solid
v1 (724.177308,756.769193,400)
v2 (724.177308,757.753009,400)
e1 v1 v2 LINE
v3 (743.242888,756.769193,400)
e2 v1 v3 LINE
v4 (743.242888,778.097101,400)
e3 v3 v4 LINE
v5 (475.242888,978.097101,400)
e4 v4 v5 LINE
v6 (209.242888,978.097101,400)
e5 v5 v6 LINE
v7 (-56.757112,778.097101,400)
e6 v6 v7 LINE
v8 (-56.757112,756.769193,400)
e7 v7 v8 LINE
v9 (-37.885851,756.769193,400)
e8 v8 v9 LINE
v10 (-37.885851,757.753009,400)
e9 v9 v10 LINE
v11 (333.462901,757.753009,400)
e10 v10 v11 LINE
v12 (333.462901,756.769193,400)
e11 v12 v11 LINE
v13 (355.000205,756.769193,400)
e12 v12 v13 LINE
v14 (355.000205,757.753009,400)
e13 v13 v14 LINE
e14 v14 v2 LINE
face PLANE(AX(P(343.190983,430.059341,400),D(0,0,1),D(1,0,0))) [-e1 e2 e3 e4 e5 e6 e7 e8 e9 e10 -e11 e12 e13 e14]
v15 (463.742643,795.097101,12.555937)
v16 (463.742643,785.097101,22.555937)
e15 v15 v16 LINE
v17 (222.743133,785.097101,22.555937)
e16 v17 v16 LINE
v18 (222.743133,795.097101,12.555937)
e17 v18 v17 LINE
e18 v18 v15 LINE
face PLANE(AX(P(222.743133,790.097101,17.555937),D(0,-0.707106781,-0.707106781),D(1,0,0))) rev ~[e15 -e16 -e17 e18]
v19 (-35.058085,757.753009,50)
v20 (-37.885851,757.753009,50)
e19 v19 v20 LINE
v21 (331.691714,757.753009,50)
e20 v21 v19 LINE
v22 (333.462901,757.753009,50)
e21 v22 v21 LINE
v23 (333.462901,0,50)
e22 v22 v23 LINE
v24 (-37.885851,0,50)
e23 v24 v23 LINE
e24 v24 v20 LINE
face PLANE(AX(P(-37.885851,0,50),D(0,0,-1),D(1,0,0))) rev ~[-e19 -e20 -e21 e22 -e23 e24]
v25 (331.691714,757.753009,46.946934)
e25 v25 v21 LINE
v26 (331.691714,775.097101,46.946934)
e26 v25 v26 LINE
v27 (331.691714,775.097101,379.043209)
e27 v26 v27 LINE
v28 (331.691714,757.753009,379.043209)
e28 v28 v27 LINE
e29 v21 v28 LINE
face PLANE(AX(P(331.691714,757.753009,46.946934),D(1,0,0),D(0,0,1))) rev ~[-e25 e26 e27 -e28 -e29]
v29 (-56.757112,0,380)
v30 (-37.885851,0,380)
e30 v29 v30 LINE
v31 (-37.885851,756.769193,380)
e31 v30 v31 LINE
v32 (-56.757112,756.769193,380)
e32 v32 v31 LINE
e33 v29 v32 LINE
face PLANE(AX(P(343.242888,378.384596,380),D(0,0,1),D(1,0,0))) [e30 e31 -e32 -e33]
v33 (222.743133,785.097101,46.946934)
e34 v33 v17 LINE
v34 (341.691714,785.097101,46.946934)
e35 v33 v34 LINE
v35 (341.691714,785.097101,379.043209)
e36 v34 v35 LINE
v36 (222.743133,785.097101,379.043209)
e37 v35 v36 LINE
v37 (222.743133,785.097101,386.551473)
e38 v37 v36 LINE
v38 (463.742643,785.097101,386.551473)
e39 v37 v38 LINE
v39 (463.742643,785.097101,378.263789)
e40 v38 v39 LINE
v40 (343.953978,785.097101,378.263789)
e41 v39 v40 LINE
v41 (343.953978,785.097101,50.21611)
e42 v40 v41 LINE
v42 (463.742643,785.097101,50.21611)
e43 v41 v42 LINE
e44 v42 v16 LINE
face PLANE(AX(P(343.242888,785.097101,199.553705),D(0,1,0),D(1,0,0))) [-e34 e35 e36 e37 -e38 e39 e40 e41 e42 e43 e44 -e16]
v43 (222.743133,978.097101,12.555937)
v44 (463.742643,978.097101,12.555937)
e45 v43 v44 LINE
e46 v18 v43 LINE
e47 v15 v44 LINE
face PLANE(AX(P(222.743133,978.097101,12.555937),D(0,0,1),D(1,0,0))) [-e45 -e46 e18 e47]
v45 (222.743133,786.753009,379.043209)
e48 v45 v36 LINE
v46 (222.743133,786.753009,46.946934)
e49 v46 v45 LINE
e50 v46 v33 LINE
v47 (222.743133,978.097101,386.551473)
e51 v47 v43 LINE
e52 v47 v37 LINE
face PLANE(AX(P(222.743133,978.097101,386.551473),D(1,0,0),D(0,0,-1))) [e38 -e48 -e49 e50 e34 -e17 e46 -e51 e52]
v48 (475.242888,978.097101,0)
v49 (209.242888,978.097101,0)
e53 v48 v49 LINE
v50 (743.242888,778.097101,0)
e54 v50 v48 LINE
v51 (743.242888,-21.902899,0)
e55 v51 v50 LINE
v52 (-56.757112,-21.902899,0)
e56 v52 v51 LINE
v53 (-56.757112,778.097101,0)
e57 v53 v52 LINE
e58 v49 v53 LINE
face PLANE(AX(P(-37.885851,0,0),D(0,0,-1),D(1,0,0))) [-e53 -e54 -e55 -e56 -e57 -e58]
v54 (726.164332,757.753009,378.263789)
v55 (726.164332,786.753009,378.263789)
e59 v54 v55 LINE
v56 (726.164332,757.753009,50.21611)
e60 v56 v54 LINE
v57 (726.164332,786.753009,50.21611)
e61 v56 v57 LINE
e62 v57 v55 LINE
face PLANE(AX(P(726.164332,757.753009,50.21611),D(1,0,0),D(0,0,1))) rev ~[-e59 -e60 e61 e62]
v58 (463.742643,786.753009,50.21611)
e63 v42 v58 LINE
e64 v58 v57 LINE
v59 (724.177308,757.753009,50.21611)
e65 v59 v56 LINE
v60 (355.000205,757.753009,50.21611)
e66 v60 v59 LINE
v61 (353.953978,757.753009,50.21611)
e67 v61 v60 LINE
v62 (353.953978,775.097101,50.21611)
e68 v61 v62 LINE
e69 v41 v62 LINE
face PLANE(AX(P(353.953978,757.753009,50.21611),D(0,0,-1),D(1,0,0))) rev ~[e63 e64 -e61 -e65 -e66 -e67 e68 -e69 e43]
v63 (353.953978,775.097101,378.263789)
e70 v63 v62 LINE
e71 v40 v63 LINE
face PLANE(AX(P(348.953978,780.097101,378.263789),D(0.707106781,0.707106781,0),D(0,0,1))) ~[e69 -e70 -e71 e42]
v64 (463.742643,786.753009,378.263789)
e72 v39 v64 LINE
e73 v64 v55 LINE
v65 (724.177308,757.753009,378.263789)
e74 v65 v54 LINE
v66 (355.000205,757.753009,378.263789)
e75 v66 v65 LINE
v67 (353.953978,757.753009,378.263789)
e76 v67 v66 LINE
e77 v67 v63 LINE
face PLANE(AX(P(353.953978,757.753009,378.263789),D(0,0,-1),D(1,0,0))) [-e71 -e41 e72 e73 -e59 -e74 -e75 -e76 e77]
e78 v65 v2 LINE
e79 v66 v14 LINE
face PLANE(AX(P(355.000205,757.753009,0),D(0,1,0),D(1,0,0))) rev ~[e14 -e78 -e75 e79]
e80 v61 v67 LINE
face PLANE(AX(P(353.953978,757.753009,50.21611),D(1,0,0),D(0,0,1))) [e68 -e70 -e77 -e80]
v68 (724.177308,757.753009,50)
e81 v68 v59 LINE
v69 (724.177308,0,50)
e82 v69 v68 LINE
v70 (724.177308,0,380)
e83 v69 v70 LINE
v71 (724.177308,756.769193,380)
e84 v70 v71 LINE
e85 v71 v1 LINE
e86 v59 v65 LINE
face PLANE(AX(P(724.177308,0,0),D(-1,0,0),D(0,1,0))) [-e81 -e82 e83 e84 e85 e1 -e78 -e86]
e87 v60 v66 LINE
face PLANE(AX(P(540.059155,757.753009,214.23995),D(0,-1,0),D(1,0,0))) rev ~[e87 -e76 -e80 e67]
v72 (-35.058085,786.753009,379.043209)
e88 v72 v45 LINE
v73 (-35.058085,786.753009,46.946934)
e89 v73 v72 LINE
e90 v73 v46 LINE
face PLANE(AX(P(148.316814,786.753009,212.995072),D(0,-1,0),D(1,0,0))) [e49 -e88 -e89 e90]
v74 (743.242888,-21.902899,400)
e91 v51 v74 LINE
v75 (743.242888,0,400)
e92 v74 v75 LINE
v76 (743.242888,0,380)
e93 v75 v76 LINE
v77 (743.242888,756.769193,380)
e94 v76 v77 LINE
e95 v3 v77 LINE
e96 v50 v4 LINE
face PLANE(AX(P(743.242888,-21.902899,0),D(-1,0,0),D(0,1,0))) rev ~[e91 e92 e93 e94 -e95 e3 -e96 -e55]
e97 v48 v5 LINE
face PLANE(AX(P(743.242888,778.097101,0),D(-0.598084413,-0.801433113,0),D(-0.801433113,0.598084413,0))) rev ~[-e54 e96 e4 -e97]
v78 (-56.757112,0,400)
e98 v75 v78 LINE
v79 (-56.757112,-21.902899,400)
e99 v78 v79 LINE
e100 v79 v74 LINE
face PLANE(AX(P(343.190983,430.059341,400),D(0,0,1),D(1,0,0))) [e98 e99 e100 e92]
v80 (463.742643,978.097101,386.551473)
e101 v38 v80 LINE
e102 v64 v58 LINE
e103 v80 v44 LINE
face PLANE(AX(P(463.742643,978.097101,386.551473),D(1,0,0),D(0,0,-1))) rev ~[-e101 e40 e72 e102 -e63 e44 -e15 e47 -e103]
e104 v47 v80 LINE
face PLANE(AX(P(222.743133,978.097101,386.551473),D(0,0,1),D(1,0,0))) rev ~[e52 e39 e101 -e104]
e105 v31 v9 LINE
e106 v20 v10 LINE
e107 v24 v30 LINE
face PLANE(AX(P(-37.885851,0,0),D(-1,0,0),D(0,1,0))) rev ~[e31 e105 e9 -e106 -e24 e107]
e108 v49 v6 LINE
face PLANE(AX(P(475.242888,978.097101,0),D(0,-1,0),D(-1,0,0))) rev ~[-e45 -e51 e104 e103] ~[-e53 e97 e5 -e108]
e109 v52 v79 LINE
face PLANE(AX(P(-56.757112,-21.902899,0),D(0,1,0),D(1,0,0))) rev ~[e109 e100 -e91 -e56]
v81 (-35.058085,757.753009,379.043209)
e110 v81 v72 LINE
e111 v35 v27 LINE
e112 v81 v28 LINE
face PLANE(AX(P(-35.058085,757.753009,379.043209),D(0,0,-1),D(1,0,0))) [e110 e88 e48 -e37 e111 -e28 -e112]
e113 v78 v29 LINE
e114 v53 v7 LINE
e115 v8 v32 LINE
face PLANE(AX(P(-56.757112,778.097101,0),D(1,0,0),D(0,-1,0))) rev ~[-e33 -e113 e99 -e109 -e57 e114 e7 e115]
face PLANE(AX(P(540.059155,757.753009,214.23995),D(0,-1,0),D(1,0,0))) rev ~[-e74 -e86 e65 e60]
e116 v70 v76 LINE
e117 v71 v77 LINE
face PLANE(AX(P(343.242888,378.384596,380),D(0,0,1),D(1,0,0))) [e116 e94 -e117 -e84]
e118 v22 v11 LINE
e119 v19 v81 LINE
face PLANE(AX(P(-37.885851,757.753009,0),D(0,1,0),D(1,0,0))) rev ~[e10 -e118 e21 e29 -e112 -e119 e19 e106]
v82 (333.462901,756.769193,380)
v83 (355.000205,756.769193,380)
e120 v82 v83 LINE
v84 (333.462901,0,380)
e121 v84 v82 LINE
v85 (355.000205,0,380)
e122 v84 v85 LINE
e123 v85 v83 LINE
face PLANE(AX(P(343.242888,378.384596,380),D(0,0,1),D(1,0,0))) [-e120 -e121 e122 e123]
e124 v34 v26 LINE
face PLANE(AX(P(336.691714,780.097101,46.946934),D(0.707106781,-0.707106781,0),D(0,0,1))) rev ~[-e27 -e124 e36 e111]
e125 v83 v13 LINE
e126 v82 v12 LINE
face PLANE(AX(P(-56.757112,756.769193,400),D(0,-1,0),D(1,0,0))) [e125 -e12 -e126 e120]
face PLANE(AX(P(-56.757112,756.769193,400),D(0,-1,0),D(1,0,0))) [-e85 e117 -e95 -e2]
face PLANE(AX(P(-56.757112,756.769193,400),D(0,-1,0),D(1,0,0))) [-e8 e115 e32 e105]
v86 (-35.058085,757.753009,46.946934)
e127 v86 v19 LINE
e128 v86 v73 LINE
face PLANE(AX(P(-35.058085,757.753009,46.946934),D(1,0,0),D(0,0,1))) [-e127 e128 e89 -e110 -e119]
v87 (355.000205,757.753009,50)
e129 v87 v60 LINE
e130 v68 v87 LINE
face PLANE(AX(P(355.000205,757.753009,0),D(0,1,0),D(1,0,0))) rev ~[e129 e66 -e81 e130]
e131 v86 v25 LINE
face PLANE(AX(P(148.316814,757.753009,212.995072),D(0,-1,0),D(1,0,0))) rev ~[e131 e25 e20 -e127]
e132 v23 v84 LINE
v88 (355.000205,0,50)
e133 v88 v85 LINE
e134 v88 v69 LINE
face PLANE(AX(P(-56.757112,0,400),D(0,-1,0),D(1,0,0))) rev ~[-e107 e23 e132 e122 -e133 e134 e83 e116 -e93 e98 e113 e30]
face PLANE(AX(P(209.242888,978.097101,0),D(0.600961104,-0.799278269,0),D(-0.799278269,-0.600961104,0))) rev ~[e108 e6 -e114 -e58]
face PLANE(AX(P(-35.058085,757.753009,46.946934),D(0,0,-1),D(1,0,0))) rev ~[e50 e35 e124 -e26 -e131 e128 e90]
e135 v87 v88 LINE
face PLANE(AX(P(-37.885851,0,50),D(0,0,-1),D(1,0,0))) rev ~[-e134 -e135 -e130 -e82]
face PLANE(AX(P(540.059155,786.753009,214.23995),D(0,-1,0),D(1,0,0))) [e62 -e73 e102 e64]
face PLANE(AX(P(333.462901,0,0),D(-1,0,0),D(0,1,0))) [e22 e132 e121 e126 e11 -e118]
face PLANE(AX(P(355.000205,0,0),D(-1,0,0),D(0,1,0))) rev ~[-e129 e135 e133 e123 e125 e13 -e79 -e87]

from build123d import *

# Parameters (mm, degrees)
SKETCH1_W           = 371.348752766
SKETCH1_H           = 757.75300928
SKETCH1_W_2         = 369.177102164
BOSS_EXTRUDE2_DEPTH = 400
SKETCH2_W           = 762.063158907
SKETCH2_H           = 50
BOSS_EXTRUDE3_DEPTH = 761
SKETCH3_W           = 800
SKETCH3_H           = 756.769192836
CUT_EXTRUDE1_DEPTH  = 20
SKETCH4_W           = 240.999510027
SKETCH4_H           = 373.99553593
CUT_EXTRUDE2_DEPTH  = 164
SKETCH5_W           = 366.749799027
SKETCH5_H           = 332.09627471
CUT_EXTRUDE4_DEPTH  = 29
SKETCH6_W           = 240.999510027
SKETCH6_H           = 373.99553593
CUT_EXTRUDE5_DEPTH  = 29
SKETCH7_W           = 372.210354375
SKETCH7_H           = 328.047679772
CUT_EXTRUDE7_DEPTH  = 29
CHAMFER2_SIZE       = 10


with BuildPart() as part:
    # Sketch1 → Boss-Extrude2 (new body)
    with BuildSketch(Plane.XY):
        Polygon((-56.757111626, 778.097101449), (-56.757111626, -21.902898551), (743.242888374, -21.902898551), (743.242888374, 778.097101449), (475.242888374, 978.097101449), (209.242888374, 978.097101449), align=None)
        with Locations((147.788525051, 378.87650464)):
            Rectangle(SKETCH1_W, SKETCH1_H, mode=Mode.SUBTRACT)
        with Locations((539.588756493, 378.87650464)):
            Rectangle(SKETCH1_W_2, SKETCH1_H, mode=Mode.SUBTRACT)
    extrude(amount=BOSS_EXTRUDE2_DEPTH)

    # Sketch2 → Boss-Extrude3 (add)
    with BuildSketch(Plane(origin=(0, 0, 0), x_dir=(1, 0, 0), z_dir=(0, 1, 0))):
        with Locations((343.145728122, -25)):
            Rectangle(SKETCH2_W, SKETCH2_H)
    extrude(amount=BOSS_EXTRUDE3_DEPTH)

    # Sketch3 → Cut-Extrude1 (cut)
    with BuildSketch(Plane.XY.offset(400)):
        with Locations((343.242888374, 378.384596418)):
            Rectangle(SKETCH3_W, SKETCH3_H)
    extrude(amount=-CUT_EXTRUDE1_DEPTH, mode=Mode.SUBTRACT)

    # Sketch4 → Cut-Extrude2 (cut)
    with BuildSketch(Plane(origin=(0, 978.097101449, 0), x_dir=(1, 0, 0), z_dir=(0, 1, 0))):
        with Locations((343.242888374, -199.553704611)):
            Rectangle(SKETCH4_W, SKETCH4_H)
    extrude(amount=-CUT_EXTRUDE2_DEPTH, mode=Mode.SUBTRACT)

    # Sketch5 → Cut-Extrude4 (cut)
    with BuildSketch(Plane.XZ.offset(-757.75300928)):
        with Locations((148.316814088, 212.995071619)):
            Rectangle(SKETCH5_W, SKETCH5_H)
    extrude(amount=-CUT_EXTRUDE4_DEPTH, mode=Mode.SUBTRACT)

    # Sketch6 → Cut-Extrude5 (cut)
    with BuildSketch(Plane(origin=(0, 814.097101449, 0), x_dir=(1, 0, 0), z_dir=(0, 1, 0))):
        with Locations((343.242888374, -199.553704611)):
            Rectangle(SKETCH6_W, SKETCH6_H)
    extrude(amount=-CUT_EXTRUDE5_DEPTH, mode=Mode.SUBTRACT)

    # Sketch7 → Cut-Extrude7 (cut)
    with BuildSketch(Plane.XZ.offset(-757.75300928)):
        with Locations((540.059154896, 214.239949558)):
            Rectangle(SKETCH7_W, SKETCH7_H)
    extrude(amount=-CUT_EXTRUDE7_DEPTH, mode=Mode.SUBTRACT)

    # Chamfer2
    chamfer2_edges = [part.edges().sort_by_distance(p)[0] for p in [
        (343.242888374, 785.097101449, 12.555936646),
        (331.691713601, 785.097101449, 212.995071619),
        (353.953977708, 785.097101449, 214.239949558),
    ]]
    chamfer(chamfer2_edges, length=CHAMFER2_SIZE)


solid = part.part
